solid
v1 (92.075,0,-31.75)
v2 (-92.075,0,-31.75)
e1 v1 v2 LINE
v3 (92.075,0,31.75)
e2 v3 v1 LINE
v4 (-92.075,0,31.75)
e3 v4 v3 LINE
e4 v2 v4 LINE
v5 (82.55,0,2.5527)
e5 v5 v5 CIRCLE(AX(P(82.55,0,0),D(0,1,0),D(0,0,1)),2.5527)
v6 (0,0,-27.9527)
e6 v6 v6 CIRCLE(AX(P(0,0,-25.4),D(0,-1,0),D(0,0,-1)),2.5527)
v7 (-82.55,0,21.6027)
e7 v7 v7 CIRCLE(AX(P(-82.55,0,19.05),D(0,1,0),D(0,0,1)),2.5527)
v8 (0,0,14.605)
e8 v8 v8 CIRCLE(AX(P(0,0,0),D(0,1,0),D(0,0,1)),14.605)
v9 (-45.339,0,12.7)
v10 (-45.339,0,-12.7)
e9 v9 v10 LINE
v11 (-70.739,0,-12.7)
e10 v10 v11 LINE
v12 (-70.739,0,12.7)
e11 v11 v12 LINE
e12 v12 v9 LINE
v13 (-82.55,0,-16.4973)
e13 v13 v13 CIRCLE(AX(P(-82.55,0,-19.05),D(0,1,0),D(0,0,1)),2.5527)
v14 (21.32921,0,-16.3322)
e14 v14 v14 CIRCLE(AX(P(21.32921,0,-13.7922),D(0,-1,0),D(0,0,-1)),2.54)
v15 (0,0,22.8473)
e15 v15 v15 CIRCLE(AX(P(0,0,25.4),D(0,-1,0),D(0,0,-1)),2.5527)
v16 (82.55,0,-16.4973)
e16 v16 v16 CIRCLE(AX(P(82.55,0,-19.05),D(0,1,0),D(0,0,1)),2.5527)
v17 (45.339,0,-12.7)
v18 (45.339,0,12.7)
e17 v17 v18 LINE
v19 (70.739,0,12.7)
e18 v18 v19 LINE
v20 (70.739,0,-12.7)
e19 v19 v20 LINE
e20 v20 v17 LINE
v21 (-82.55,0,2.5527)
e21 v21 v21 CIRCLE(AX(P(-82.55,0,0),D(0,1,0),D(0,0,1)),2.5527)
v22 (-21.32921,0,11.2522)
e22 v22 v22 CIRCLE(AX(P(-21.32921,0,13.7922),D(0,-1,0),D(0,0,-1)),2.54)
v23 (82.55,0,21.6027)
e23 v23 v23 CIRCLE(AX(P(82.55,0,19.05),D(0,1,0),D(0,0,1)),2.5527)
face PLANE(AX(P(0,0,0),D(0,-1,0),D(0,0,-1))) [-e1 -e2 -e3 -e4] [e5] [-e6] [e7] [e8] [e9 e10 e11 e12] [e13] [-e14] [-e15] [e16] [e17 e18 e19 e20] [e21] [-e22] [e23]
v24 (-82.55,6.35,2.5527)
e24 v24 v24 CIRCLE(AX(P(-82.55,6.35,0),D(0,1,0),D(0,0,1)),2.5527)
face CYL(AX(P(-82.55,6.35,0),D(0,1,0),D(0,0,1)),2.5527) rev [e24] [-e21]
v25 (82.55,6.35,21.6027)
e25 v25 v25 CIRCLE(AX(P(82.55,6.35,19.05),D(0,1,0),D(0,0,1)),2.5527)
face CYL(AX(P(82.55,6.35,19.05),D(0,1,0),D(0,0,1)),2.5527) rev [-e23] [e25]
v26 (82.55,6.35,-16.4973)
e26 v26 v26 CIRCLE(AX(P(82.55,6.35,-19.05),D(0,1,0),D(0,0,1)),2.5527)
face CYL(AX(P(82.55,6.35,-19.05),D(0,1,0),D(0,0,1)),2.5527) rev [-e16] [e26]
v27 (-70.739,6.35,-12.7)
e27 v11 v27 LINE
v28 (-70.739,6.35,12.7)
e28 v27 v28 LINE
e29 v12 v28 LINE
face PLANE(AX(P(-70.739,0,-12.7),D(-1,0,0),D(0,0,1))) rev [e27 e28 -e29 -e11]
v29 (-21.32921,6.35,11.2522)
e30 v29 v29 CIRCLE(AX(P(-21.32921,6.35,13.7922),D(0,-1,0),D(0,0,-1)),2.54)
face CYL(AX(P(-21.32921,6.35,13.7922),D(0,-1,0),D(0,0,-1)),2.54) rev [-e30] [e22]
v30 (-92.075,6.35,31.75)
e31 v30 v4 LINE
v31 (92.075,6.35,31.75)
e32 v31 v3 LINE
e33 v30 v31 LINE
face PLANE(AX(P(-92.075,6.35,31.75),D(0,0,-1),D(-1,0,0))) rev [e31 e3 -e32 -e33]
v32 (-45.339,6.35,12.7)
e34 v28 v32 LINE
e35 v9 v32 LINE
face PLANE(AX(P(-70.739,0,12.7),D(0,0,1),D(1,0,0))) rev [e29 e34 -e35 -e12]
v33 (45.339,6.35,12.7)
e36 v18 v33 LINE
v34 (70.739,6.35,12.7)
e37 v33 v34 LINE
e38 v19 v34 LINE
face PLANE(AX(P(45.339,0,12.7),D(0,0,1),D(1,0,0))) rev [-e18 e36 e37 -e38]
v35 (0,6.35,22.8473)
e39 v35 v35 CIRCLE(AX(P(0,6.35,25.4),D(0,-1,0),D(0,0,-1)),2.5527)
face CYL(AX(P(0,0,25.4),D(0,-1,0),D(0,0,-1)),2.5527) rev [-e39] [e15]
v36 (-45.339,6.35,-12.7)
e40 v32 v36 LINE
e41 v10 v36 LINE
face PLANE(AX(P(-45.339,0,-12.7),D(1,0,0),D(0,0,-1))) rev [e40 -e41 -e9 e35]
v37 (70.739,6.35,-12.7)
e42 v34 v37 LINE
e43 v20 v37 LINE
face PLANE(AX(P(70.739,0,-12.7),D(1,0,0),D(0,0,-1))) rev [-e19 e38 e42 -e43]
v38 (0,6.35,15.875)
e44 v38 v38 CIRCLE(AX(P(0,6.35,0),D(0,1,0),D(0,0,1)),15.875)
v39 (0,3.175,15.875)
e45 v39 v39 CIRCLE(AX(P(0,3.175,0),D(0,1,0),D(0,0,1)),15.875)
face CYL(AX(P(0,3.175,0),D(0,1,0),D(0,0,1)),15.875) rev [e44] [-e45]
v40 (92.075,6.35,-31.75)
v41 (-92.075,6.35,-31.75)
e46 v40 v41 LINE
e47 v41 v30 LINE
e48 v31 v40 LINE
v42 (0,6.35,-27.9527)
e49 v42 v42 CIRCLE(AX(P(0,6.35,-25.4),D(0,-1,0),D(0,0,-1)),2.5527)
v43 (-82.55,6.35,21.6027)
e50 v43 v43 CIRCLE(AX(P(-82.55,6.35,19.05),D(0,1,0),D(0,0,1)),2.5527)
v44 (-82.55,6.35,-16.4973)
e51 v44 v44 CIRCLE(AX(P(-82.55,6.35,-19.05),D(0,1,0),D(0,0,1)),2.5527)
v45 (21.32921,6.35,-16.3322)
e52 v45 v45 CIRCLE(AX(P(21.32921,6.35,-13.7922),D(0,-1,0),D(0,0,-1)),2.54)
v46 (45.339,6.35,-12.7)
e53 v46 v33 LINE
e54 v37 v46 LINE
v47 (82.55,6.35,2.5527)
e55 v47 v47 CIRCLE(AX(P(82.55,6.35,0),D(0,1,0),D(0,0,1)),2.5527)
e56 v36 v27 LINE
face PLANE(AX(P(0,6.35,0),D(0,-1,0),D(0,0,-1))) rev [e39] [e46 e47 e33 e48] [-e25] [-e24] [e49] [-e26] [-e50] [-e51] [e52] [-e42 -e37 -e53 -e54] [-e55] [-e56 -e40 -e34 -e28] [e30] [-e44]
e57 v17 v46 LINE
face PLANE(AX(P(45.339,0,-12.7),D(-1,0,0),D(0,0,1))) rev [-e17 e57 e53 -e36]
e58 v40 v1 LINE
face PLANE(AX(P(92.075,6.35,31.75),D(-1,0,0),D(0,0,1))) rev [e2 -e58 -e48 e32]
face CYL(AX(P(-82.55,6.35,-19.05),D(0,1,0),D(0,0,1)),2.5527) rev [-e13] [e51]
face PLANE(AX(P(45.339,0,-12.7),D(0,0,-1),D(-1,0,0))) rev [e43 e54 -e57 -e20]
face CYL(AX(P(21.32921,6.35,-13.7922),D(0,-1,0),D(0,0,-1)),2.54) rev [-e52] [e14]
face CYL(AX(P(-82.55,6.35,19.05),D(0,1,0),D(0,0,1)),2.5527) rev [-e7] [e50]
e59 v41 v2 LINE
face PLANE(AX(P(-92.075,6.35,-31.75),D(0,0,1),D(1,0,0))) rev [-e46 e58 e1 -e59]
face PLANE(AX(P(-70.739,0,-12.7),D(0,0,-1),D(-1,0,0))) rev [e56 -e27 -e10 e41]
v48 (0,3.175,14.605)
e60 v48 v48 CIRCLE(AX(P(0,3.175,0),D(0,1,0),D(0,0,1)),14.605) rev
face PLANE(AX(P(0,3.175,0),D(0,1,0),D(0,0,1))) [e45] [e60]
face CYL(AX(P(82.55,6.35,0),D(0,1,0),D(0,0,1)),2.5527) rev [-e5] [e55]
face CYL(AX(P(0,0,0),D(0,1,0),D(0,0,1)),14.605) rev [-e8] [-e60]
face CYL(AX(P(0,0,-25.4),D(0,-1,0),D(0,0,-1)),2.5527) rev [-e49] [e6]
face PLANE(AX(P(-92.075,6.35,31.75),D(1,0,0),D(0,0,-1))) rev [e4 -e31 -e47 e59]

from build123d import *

# Parameters (mm, degrees)
SKETCH1_W                  = 184.15
SKETCH1_H                  = 63.5
BOSS_EXTRUDE1_DEPTH        = 6.35
SKETCH3_R                  = 14.605
CUT_EXTRUDE1_DEPTH         = 98.602206046
F_10_CLEARANCE_HOLE1_D     = 5.1054
F_6_5_6_5_DIAMETER_HOLE3_D = 6.5
SKETCH29_R                 = 15.875
CUT_EXTRUDE5_DEPTH         = 3.175
F_10_CLEARANCE_HOLE2_D     = 5.1054
SKETCH36_R                 = 2.54
CUT_EXTRUDE6_DEPTH         = 98.602206046
SKETCH37_W                 = 25.4
SKETCH37_H                 = 25.4
CUT_EXTRUDE7_DEPTH         = 98.602206046
SKETCH38_W                 = 25.4
SKETCH38_H                 = 25.4
CUT_EXTRUDE8_DEPTH         = 98.602206046


with BuildPart() as part:
    # Sketch1 → Boss-Extrude1 (new body)
    with BuildSketch(Plane(origin=(0, 0, 0), x_dir=(1, 0, 0), z_dir=(0, 1, 0))):
        Rectangle(SKETCH1_W, SKETCH1_H)
    extrude(amount=BOSS_EXTRUDE1_DEPTH)

    # Sketch3 → Cut-Extrude1 (cut, through all)
    with BuildSketch(Plane(origin=(0, 6.35, 0), x_dir=(1, 0, 0), z_dir=(0, 1, 0))):
        with Locations(Location((0, 0, 0), (0, 0, 270))):
            Circle(SKETCH3_R)
    extrude(amount=-CUT_EXTRUDE1_DEPTH, mode=Mode.SUBTRACT)

    # #10 Clearance Hole1 (through all)
    with Locations(Plane(origin=(0, 0, 0), x_dir=(-1, 0, 0), z_dir=(0, -1, 0))):
        with Locations((0, -25.4), (0, 25.4)):
            Hole(F_10_CLEARANCE_HOLE1_D / 2)

    # Ø6.5 (6.5) Diameter Hole3 (through all)
    with Locations(Plane(origin=(0, 0, 0), x_dir=(-1, 0, 0), z_dir=(0, -1, 0))):
        with Locations((58.039, 0), (-58.039, 0)):
            Hole(F_6_5_6_5_DIAMETER_HOLE3_D / 2)

    # Sketch29 → Cut-Extrude5 (cut)
    with BuildSketch(Plane(origin=(0, 6.35, 0), x_dir=(1, 0, 0), z_dir=(0, 1, 0))):
        with Locations(Location((0, 0, 0), (0, 0, 270))):
            Circle(SKETCH29_R)
    extrude(amount=-CUT_EXTRUDE5_DEPTH, mode=Mode.SUBTRACT)

    # #10 Clearance Hole2 (through all)
    with Locations(Plane(origin=(0, 6.35, 0), x_dir=(1, 0, 0), z_dir=(0, 1, 0))):
        with Locations((-82.55, 19.05), (-82.55, -19.05), (82.55, -19.05), (82.55, 19.05), (-82.55, 0), (82.55, 0)):
            Hole(F_10_CLEARANCE_HOLE2_D / 2)

    # Sketch36 → Cut-Extrude6 (cut, through all)
    with BuildSketch(Plane.XZ):
        with Locations(Location((-21.329210467, 13.7922, 0), (0, 0, 270))):
            Circle(SKETCH36_R)
        with Locations(Location((21.329210467, -13.7922, 0), (0, 0, 270))):
            Circle(SKETCH36_R)
    extrude(amount=-CUT_EXTRUDE6_DEPTH, mode=Mode.SUBTRACT)

    # Sketch37 → Cut-Extrude7 (cut, through all)
    with BuildSketch(Plane(origin=(0, 6.35, 0), x_dir=(1, 0, 0), z_dir=(0, 1, 0))):
        with Locations((-58.039, 0)):
            Rectangle(SKETCH37_W, SKETCH37_H)
    extrude(amount=-CUT_EXTRUDE7_DEPTH, mode=Mode.SUBTRACT)

    # Sketch38 → Cut-Extrude8 (cut, through all)
    with BuildSketch(Plane(origin=(0, 6.35, 0), x_dir=(1, 0, 0), z_dir=(0, 1, 0))):
        with Locations((58.039, 0)):
            Rectangle(SKETCH38_W, SKETCH38_H)
    extrude(amount=-CUT_EXTRUDE8_DEPTH, mode=Mode.SUBTRACT)


solid = part.part
